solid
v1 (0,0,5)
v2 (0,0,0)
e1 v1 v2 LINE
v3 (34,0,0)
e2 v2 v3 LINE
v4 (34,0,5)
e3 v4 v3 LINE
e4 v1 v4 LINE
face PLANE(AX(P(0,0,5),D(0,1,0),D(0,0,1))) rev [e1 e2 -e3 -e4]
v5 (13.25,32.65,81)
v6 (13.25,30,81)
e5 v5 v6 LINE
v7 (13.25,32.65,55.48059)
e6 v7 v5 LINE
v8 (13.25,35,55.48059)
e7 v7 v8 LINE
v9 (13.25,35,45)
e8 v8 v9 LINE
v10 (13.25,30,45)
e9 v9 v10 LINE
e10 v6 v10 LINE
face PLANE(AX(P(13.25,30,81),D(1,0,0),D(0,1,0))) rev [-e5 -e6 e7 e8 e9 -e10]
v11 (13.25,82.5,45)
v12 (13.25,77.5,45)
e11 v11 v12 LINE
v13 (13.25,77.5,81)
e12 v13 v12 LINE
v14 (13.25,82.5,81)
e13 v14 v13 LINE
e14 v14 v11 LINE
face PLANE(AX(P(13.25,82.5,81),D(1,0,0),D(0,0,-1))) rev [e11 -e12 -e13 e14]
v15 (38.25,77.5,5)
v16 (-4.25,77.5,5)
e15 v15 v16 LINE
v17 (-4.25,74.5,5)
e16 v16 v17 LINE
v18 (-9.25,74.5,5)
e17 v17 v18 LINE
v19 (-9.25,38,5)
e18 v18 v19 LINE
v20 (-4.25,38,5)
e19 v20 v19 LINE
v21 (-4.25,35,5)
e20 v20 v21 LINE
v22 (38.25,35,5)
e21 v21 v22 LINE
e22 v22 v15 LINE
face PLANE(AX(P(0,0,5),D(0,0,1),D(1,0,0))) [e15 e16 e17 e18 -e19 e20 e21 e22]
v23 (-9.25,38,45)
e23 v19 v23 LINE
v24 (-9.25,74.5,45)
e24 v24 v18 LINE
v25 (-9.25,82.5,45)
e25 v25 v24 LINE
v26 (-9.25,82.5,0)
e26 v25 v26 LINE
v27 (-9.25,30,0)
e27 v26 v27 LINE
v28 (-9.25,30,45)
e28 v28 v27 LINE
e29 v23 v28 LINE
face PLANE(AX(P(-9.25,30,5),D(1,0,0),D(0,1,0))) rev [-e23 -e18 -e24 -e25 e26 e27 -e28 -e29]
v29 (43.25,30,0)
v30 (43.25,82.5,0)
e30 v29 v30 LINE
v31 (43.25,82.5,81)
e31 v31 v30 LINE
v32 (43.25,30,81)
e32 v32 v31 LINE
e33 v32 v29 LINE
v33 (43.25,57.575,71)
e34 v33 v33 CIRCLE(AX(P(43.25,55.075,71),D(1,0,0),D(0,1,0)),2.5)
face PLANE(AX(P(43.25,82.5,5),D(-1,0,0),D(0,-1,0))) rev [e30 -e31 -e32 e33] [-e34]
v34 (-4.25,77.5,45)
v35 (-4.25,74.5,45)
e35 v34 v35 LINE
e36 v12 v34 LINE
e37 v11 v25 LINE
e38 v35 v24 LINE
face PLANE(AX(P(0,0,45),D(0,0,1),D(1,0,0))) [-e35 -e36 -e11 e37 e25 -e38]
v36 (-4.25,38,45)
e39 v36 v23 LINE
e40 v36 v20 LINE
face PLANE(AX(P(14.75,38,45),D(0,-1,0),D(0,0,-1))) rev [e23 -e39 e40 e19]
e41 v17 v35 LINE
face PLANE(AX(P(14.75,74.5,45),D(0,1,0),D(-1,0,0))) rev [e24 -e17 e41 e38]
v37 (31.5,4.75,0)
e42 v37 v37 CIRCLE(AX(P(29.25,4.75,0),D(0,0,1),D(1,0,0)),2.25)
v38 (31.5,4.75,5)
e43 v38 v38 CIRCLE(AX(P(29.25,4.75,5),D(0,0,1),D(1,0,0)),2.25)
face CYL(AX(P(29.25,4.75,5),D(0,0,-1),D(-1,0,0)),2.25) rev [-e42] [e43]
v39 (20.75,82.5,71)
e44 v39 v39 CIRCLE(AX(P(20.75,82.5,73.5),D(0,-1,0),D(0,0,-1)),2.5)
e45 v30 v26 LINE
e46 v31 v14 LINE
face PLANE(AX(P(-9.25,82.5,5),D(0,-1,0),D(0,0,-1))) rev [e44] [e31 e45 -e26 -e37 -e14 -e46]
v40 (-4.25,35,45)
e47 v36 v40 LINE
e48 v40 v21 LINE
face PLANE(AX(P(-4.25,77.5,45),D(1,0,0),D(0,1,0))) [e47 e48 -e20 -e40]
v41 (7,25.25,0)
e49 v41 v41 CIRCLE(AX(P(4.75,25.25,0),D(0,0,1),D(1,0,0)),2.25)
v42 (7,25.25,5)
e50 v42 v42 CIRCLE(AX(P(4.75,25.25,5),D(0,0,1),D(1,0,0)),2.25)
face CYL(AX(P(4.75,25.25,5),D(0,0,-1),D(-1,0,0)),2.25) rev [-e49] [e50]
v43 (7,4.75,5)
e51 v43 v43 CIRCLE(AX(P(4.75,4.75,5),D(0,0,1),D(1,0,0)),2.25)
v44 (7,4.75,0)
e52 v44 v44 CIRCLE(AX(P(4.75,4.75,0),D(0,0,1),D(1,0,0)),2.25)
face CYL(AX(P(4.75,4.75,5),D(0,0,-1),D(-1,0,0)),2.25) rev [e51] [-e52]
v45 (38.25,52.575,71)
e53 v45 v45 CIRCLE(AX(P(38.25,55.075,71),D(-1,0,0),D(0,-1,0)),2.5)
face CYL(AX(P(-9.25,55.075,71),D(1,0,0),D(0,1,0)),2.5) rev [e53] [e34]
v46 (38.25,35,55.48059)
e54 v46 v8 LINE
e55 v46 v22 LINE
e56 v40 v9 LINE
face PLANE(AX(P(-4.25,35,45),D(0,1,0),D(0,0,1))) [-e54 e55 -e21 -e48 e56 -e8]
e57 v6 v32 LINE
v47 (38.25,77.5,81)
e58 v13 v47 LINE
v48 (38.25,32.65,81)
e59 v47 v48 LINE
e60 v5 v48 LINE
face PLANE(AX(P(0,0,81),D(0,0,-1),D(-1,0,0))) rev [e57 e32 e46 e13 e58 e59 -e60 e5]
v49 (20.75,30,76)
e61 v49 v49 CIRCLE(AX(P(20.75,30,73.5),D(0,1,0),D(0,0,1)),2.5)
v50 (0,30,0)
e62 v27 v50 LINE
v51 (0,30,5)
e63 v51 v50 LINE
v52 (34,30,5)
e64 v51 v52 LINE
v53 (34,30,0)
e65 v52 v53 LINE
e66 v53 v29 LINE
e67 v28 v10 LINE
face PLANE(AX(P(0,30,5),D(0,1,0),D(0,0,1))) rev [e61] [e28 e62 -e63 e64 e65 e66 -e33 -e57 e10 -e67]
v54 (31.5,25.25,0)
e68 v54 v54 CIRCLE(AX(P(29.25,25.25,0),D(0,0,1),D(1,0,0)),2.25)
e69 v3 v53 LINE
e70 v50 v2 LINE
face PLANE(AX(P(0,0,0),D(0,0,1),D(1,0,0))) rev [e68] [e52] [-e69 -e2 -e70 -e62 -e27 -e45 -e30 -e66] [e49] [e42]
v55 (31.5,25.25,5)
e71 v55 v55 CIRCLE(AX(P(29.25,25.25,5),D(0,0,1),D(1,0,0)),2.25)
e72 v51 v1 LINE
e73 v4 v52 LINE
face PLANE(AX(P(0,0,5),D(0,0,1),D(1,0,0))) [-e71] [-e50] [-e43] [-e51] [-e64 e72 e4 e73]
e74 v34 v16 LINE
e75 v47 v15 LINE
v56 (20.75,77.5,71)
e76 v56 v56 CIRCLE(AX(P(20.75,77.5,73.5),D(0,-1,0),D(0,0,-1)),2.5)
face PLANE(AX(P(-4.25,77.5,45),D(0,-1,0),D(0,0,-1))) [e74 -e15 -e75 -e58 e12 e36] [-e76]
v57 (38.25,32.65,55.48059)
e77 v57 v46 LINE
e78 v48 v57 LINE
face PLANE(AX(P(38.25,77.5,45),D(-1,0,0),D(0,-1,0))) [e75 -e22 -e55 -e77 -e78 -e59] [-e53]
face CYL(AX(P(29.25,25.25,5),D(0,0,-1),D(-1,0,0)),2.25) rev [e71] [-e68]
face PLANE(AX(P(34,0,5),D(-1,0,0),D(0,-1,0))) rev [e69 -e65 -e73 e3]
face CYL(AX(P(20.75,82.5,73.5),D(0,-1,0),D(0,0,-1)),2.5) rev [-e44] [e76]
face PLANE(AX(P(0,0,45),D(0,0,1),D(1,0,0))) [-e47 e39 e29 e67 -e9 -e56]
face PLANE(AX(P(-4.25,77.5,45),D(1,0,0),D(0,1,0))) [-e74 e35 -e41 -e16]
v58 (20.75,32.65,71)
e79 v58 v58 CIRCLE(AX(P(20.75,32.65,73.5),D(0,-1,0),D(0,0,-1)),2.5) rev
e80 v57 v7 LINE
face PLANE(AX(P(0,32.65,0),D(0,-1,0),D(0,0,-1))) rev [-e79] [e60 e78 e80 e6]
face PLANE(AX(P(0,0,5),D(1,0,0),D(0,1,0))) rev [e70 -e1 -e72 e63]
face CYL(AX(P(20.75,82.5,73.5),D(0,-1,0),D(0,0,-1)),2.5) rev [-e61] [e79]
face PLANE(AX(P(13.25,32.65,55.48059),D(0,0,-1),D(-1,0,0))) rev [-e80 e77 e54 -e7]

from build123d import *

# Parameters (mm, degrees)
SKETCH1_R               = 2.25
BOSS_EXTRUDE1_DEPTH     = 5
SKETCH2_W               = 52.5
SKETCH2_H               = 52.5
SKETCH2_W_2             = 42.5
SKETCH2_H_2             = 42.5
BOSS_EXTRUDE2_DEPTH     = 40
BOSS_EXTRUDE3_DEPTH     = 36
CUT_EXTRUDE2_DEPTH      = 121.157448791
CUT_EXTRUDE2_DEPTH_BACK = 121.157448791
SKETCH6_R               = 2.5
CUT_EXTRUDE3_DEPTH      = 127.97834461
CUT_EXTRUDE3_DEPTH_BACK = 127.97834461
SKETCH7_R               = 2.5
SKETCH8_W               = 40
SKETCH8_H               = 36.5
CUT_EXTRUDE4_DEPTH      = 24
SKETCH9_W               = 25
SKETCH9_H               = 25.519409936
CUT_EXTRUDE5_DEPTH      = 2.35


with BuildPart() as part:
    # Sketch1 → Boss-Extrude1 (new body)
    with BuildSketch(Plane.XY):
        Polygon((0, 30), (-9.25, 30), (-9.25, 82.5), (43.25, 82.5), (43.25, 30), (34, 30), (34, 0), (0, 0), align=None)
        with Locations((4.75, 25.25)):
            Circle(SKETCH1_R, mode=Mode.SUBTRACT)
        with Locations((29.25, 25.25)):
            Circle(SKETCH1_R, mode=Mode.SUBTRACT)
        with Locations((29.25, 4.75)):
            Circle(SKETCH1_R, mode=Mode.SUBTRACT)
        with Locations((4.75, 4.75)):
            Circle(SKETCH1_R, mode=Mode.SUBTRACT)
    extrude(amount=BOSS_EXTRUDE1_DEPTH)

    # Sketch2 → Boss-Extrude2 (add)
    with BuildSketch(Plane.XY.offset(5)):
        with Locations((17, 56.25)):
            Rectangle(SKETCH2_W, SKETCH2_H)
        with Locations((17, 56.25)):
            Rectangle(SKETCH2_W_2, SKETCH2_H_2, mode=Mode.SUBTRACT)
    extrude(amount=BOSS_EXTRUDE2_DEPTH)

    # Sketch5 → Boss-Extrude3 (add)
    with BuildSketch(Plane.XY.offset(45)):
        Polygon((43.25, 82.5), (43.25, 30), (13.25, 30), (13.25, 35), (38.25, 35), (38.25, 77.5), (13.25, 77.5), (13.25, 82.5), align=None)
    extrude(amount=BOSS_EXTRUDE3_DEPTH)

    # Sketch6 → Cut-Extrude2 (cut, two sides: drawn at the far end of the back side and taken through both)
    with BuildSketch(Plane.XZ.offset(-77.5).offset(-CUT_EXTRUDE2_DEPTH_BACK)):
        with Locations(Location((20.75, 73.5, 0), (0, 0, 270))):
            Circle(SKETCH6_R)
    extrude(amount=CUT_EXTRUDE2_DEPTH + CUT_EXTRUDE2_DEPTH_BACK, mode=Mode.SUBTRACT)

    # Sketch7 → Cut-Extrude3 (cut, two sides: drawn at the far end of the back side and taken through both)
    with BuildSketch(Plane(origin=(43.25, 0, 0), x_dir=(0, 0, -1), z_dir=(1, 0, 0)).offset(-CUT_EXTRUDE3_DEPTH_BACK)):
        with Locations(Location((-71, 55.075, 0), (0, 0, 90))):
            Circle(SKETCH7_R)
    extrude(amount=CUT_EXTRUDE3_DEPTH + CUT_EXTRUDE3_DEPTH_BACK, mode=Mode.SUBTRACT)

    # Sketch8 → Cut-Extrude4 (cut)
    with BuildSketch(Plane.ZY.offset(9.25)):
        with Locations((25, 56.25)):
            Rectangle(SKETCH8_W, SKETCH8_H)
    extrude(amount=-CUT_EXTRUDE4_DEPTH, mode=Mode.SUBTRACT)

    # Sketch9 → Cut-Extrude5 (cut)
    with BuildSketch(Plane(origin=(0, 35, 0), x_dir=(1, 0, 0), z_dir=(0, 1, 0))):
        with Locations((25.75, -68.240295032)):
            Rectangle(SKETCH9_W, SKETCH9_H)
    extrude(amount=-CUT_EXTRUDE5_DEPTH, mode=Mode.SUBTRACT)


solid = part.part
